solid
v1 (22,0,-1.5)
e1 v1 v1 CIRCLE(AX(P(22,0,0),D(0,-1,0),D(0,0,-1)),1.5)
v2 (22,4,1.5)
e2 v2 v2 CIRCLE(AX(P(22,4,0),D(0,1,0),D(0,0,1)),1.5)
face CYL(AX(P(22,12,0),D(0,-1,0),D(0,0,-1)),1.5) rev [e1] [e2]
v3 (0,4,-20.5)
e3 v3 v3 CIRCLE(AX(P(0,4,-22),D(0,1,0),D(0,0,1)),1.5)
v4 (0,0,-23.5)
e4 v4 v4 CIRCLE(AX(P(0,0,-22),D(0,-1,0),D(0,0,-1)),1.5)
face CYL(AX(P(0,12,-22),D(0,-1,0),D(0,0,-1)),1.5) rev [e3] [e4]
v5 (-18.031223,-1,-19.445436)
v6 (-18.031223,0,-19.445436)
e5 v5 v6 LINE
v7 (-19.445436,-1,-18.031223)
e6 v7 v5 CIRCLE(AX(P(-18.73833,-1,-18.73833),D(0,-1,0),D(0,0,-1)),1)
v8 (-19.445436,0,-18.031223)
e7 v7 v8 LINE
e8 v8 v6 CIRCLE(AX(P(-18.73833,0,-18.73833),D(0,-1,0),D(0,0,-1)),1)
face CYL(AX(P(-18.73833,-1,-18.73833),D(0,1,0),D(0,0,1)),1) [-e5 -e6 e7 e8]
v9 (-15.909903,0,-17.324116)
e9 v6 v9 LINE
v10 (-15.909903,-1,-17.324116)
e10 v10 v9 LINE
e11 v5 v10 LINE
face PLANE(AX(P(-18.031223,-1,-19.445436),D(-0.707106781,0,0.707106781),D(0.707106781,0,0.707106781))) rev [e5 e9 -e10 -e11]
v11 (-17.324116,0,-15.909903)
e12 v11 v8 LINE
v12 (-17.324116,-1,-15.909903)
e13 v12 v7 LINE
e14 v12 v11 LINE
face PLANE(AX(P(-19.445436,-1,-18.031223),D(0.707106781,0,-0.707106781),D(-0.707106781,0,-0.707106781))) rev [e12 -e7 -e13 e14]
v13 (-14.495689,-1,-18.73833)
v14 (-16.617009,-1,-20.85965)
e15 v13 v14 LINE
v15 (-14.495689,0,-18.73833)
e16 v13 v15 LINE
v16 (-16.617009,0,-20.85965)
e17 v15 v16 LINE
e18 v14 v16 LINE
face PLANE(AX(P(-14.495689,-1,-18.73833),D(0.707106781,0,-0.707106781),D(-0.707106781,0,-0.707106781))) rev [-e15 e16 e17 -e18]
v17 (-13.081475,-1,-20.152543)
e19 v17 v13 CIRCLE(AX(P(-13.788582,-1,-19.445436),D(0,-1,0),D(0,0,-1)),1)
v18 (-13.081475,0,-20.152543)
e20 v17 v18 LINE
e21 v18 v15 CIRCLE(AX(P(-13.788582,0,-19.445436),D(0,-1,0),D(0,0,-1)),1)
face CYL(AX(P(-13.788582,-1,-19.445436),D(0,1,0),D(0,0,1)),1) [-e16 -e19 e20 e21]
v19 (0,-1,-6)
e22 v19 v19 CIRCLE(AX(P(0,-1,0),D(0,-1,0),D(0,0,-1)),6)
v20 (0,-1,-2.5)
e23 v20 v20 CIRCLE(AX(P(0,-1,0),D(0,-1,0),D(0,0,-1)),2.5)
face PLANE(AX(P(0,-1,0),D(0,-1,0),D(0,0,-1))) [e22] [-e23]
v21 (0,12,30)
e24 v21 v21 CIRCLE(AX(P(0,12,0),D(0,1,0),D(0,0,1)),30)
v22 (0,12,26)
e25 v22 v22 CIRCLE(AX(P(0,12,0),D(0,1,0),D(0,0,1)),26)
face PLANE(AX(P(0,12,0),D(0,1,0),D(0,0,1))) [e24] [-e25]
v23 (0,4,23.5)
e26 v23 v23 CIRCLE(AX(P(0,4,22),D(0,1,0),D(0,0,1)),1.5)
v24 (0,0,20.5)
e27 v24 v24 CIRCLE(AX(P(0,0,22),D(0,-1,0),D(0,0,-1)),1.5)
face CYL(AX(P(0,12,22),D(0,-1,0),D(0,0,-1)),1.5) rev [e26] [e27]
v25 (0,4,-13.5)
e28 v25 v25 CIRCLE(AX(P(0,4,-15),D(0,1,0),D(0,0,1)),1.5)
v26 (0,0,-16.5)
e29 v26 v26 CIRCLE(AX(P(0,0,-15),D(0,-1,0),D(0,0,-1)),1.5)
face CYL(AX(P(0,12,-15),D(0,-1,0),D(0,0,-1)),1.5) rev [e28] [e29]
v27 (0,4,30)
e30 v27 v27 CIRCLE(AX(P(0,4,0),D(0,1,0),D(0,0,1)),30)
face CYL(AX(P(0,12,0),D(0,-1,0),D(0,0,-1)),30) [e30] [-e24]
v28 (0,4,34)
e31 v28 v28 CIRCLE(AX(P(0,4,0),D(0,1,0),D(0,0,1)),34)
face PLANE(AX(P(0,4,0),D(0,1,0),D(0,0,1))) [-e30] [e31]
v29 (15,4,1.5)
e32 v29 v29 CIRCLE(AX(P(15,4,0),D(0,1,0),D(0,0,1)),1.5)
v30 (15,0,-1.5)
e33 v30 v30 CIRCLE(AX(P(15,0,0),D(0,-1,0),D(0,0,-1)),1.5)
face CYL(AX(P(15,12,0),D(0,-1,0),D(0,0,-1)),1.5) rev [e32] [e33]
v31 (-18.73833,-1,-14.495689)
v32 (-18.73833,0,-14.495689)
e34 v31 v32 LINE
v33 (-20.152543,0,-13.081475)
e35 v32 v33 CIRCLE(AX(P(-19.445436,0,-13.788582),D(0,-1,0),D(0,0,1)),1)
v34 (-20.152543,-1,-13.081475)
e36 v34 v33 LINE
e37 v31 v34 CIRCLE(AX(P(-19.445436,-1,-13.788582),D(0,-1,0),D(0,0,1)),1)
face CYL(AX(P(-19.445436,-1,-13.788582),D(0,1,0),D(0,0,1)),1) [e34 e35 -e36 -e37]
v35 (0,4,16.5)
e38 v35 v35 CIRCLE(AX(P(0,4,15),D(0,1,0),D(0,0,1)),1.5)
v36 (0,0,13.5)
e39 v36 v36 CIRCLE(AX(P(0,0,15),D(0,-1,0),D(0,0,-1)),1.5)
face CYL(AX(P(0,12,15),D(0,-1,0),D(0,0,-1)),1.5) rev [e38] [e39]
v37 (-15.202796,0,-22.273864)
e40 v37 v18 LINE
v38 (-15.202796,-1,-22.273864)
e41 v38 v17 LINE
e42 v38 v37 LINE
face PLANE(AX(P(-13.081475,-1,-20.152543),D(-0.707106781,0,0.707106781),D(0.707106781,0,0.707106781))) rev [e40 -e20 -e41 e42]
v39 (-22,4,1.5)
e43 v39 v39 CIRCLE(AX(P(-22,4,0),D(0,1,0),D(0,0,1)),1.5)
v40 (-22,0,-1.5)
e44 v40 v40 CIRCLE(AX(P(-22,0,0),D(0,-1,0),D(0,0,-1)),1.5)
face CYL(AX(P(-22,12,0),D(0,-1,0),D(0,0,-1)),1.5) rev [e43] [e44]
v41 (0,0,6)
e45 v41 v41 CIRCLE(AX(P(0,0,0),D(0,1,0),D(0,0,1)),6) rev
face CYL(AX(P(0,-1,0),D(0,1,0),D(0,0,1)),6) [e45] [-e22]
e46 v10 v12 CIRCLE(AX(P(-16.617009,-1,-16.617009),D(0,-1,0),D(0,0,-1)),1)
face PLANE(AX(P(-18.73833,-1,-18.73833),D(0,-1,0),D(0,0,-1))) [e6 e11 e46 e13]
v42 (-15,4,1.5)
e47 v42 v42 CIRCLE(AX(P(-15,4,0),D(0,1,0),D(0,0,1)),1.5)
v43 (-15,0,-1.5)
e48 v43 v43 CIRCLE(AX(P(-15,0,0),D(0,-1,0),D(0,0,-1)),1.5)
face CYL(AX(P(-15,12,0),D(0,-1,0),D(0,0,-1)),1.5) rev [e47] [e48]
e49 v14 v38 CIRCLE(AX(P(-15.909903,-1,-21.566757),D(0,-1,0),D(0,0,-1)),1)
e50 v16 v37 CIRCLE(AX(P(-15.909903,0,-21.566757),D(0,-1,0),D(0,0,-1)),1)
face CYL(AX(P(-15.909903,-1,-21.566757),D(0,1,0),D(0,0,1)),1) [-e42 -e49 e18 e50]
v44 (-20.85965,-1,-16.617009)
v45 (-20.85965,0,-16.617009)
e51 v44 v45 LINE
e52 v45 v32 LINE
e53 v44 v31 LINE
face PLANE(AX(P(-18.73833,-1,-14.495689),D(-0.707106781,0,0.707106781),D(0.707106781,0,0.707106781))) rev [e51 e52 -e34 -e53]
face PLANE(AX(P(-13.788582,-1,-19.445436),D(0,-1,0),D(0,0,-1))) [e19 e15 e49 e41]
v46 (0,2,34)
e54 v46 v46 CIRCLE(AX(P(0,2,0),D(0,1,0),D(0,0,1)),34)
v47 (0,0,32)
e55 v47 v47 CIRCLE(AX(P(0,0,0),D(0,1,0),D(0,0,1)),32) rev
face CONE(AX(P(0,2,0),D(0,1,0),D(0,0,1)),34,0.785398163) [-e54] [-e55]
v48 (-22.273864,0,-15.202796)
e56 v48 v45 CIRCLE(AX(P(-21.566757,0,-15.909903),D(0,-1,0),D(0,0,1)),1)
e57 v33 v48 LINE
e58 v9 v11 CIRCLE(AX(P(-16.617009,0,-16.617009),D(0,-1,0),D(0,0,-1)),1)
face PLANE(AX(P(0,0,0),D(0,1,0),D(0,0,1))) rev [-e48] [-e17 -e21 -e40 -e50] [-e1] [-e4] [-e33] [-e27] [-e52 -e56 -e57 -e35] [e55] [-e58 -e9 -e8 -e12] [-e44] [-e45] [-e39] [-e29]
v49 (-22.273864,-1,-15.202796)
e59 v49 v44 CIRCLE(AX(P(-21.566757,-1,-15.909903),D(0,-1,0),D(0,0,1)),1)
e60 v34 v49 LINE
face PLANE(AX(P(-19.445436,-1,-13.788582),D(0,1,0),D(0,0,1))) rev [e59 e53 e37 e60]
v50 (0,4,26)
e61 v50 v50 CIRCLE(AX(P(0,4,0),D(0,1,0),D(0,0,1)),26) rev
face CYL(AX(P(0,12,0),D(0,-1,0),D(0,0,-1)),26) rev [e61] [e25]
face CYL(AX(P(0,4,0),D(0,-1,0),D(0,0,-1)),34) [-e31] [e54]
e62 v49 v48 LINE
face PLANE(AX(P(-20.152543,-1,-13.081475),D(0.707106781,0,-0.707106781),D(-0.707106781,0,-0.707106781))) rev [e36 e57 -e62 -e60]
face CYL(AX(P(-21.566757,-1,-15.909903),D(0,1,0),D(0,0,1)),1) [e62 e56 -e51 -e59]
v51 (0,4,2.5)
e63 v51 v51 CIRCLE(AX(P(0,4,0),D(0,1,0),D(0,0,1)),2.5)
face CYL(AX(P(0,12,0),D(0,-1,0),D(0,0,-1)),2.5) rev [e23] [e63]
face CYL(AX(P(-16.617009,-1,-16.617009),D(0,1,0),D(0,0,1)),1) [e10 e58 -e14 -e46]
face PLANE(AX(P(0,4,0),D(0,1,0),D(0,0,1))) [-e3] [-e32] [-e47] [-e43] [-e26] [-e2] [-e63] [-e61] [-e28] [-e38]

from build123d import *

# Parameters (mm, degrees)
SKETCH_1_R          = 34
EXTRUDE_1_DEPTH     = 4
SKETCH_2_R          = 30
SKETCH_2_R_2        = 26
EXTRUDE_2_DEPTH     = 8
SKETCH_3_R          = 2.5
SKETCH_3_R_2        = 1.5
CUT_EXTRUDE_1_DEPTH = 13
SKETCH_4_R          = 6
SKETCH_4_R_2        = 2.5
EXTRUDE_3_DEPTH     = 1
CHAMFER_1_SIZE      = 2
EXTRUDE_4_DEPTH     = 1


with BuildPart() as part:
    # 草图1 → 凸台-拉伸1 (new body)
    with BuildSketch(Plane(origin=(0, 0, 0), x_dir=(1, 0, 0), z_dir=(0, 1, 0))):
        Circle(SKETCH_1_R)
    extrude(amount=EXTRUDE_1_DEPTH)

    # 草图2 → 凸台-拉伸2 (add)
    with BuildSketch(Plane(origin=(0, 4, 0), x_dir=(1, 0, 0), z_dir=(0, 1, 0))):
        Circle(SKETCH_2_R)
        Circle(SKETCH_2_R_2, mode=Mode.SUBTRACT)
    extrude(amount=EXTRUDE_2_DEPTH)

    # 草图3 → 切除-拉伸1 (cut, through all)
    with BuildSketch(Plane.XZ):
        Circle(SKETCH_3_R)
        with Locations((0, 15)):
            Circle(SKETCH_3_R_2)
        with Locations((0, 22)):
            Circle(SKETCH_3_R_2)
        with Locations((15, 0)):
            Circle(SKETCH_3_R_2)
        with Locations((22, 0)):
            Circle(SKETCH_3_R_2)
        with Locations((0, -15)):
            Circle(SKETCH_3_R_2)
        with Locations((0, -22)):
            Circle(SKETCH_3_R_2)
        with Locations((-15, 0)):
            Circle(SKETCH_3_R_2)
        with Locations((-22, 0)):
            Circle(SKETCH_3_R_2)
    extrude(amount=-CUT_EXTRUDE_1_DEPTH, mode=Mode.SUBTRACT)

    # 草图4 → 凸台-拉伸3 (add)
    with BuildSketch(Plane.XZ):
        Circle(SKETCH_4_R)
        Circle(SKETCH_4_R_2, mode=Mode.SUBTRACT)
    extrude(amount=EXTRUDE_3_DEPTH)

    # 倒角1
    chamfer_1_edges = [part.edges().sort_by_distance(p)[0] for p in [
        (-34, 0, 0),
    ]]
    chamfer(chamfer_1_edges, length=CHAMFER_1_SIZE)

    # 草图5 → 凸台-拉伸4 (add)
    with BuildSketch(Plane.XZ):
        with BuildLine():
            Line((-19.445436483, -18.03122292), (-17.324116139, -15.909902577))
            ThreePointArc((-17.324116139, -15.909902577), (-15.909902577, -15.909902577), (-15.909902577, -17.324116139))
            Line((-15.909902577, -17.324116139), (-18.03122292, -19.445436483))
            ThreePointArc((-18.03122292, -19.445436483), (-19.445436483, -19.445436483), (-19.445436483, -18.03122292))
        make_face()
        with BuildLine():
            Line((-13.081475452, -20.152543264), (-15.202795796, -22.273863607))
            ThreePointArc((-15.202795796, -22.273863607), (-16.617009358, -22.273863607), (-16.617009358, -20.859650045))
            Line((-16.617009358, -20.859650045), (-14.495689014, -18.738329701))
            ThreePointArc((-14.495689014, -18.738329701), (-13.081475452, -18.738329701), (-13.081475452, -20.152543264))
        make_face()
        with BuildLine():
            Line((-20.152543264, -13.081475452), (-22.273863607, -15.202795796))
            ThreePointArc((-22.273863607, -15.202795796), (-22.273863607, -16.617009358), (-20.859650045, -16.617009358))
            Line((-20.859650045, -16.617009358), (-18.738329701, -14.495689014))
            ThreePointArc((-18.738329701, -14.495689014), (-18.738329701, -13.081475452), (-20.152543264, -13.081475452))
        make_face()
    extrude(amount=EXTRUDE_4_DEPTH)


solid = part.part
